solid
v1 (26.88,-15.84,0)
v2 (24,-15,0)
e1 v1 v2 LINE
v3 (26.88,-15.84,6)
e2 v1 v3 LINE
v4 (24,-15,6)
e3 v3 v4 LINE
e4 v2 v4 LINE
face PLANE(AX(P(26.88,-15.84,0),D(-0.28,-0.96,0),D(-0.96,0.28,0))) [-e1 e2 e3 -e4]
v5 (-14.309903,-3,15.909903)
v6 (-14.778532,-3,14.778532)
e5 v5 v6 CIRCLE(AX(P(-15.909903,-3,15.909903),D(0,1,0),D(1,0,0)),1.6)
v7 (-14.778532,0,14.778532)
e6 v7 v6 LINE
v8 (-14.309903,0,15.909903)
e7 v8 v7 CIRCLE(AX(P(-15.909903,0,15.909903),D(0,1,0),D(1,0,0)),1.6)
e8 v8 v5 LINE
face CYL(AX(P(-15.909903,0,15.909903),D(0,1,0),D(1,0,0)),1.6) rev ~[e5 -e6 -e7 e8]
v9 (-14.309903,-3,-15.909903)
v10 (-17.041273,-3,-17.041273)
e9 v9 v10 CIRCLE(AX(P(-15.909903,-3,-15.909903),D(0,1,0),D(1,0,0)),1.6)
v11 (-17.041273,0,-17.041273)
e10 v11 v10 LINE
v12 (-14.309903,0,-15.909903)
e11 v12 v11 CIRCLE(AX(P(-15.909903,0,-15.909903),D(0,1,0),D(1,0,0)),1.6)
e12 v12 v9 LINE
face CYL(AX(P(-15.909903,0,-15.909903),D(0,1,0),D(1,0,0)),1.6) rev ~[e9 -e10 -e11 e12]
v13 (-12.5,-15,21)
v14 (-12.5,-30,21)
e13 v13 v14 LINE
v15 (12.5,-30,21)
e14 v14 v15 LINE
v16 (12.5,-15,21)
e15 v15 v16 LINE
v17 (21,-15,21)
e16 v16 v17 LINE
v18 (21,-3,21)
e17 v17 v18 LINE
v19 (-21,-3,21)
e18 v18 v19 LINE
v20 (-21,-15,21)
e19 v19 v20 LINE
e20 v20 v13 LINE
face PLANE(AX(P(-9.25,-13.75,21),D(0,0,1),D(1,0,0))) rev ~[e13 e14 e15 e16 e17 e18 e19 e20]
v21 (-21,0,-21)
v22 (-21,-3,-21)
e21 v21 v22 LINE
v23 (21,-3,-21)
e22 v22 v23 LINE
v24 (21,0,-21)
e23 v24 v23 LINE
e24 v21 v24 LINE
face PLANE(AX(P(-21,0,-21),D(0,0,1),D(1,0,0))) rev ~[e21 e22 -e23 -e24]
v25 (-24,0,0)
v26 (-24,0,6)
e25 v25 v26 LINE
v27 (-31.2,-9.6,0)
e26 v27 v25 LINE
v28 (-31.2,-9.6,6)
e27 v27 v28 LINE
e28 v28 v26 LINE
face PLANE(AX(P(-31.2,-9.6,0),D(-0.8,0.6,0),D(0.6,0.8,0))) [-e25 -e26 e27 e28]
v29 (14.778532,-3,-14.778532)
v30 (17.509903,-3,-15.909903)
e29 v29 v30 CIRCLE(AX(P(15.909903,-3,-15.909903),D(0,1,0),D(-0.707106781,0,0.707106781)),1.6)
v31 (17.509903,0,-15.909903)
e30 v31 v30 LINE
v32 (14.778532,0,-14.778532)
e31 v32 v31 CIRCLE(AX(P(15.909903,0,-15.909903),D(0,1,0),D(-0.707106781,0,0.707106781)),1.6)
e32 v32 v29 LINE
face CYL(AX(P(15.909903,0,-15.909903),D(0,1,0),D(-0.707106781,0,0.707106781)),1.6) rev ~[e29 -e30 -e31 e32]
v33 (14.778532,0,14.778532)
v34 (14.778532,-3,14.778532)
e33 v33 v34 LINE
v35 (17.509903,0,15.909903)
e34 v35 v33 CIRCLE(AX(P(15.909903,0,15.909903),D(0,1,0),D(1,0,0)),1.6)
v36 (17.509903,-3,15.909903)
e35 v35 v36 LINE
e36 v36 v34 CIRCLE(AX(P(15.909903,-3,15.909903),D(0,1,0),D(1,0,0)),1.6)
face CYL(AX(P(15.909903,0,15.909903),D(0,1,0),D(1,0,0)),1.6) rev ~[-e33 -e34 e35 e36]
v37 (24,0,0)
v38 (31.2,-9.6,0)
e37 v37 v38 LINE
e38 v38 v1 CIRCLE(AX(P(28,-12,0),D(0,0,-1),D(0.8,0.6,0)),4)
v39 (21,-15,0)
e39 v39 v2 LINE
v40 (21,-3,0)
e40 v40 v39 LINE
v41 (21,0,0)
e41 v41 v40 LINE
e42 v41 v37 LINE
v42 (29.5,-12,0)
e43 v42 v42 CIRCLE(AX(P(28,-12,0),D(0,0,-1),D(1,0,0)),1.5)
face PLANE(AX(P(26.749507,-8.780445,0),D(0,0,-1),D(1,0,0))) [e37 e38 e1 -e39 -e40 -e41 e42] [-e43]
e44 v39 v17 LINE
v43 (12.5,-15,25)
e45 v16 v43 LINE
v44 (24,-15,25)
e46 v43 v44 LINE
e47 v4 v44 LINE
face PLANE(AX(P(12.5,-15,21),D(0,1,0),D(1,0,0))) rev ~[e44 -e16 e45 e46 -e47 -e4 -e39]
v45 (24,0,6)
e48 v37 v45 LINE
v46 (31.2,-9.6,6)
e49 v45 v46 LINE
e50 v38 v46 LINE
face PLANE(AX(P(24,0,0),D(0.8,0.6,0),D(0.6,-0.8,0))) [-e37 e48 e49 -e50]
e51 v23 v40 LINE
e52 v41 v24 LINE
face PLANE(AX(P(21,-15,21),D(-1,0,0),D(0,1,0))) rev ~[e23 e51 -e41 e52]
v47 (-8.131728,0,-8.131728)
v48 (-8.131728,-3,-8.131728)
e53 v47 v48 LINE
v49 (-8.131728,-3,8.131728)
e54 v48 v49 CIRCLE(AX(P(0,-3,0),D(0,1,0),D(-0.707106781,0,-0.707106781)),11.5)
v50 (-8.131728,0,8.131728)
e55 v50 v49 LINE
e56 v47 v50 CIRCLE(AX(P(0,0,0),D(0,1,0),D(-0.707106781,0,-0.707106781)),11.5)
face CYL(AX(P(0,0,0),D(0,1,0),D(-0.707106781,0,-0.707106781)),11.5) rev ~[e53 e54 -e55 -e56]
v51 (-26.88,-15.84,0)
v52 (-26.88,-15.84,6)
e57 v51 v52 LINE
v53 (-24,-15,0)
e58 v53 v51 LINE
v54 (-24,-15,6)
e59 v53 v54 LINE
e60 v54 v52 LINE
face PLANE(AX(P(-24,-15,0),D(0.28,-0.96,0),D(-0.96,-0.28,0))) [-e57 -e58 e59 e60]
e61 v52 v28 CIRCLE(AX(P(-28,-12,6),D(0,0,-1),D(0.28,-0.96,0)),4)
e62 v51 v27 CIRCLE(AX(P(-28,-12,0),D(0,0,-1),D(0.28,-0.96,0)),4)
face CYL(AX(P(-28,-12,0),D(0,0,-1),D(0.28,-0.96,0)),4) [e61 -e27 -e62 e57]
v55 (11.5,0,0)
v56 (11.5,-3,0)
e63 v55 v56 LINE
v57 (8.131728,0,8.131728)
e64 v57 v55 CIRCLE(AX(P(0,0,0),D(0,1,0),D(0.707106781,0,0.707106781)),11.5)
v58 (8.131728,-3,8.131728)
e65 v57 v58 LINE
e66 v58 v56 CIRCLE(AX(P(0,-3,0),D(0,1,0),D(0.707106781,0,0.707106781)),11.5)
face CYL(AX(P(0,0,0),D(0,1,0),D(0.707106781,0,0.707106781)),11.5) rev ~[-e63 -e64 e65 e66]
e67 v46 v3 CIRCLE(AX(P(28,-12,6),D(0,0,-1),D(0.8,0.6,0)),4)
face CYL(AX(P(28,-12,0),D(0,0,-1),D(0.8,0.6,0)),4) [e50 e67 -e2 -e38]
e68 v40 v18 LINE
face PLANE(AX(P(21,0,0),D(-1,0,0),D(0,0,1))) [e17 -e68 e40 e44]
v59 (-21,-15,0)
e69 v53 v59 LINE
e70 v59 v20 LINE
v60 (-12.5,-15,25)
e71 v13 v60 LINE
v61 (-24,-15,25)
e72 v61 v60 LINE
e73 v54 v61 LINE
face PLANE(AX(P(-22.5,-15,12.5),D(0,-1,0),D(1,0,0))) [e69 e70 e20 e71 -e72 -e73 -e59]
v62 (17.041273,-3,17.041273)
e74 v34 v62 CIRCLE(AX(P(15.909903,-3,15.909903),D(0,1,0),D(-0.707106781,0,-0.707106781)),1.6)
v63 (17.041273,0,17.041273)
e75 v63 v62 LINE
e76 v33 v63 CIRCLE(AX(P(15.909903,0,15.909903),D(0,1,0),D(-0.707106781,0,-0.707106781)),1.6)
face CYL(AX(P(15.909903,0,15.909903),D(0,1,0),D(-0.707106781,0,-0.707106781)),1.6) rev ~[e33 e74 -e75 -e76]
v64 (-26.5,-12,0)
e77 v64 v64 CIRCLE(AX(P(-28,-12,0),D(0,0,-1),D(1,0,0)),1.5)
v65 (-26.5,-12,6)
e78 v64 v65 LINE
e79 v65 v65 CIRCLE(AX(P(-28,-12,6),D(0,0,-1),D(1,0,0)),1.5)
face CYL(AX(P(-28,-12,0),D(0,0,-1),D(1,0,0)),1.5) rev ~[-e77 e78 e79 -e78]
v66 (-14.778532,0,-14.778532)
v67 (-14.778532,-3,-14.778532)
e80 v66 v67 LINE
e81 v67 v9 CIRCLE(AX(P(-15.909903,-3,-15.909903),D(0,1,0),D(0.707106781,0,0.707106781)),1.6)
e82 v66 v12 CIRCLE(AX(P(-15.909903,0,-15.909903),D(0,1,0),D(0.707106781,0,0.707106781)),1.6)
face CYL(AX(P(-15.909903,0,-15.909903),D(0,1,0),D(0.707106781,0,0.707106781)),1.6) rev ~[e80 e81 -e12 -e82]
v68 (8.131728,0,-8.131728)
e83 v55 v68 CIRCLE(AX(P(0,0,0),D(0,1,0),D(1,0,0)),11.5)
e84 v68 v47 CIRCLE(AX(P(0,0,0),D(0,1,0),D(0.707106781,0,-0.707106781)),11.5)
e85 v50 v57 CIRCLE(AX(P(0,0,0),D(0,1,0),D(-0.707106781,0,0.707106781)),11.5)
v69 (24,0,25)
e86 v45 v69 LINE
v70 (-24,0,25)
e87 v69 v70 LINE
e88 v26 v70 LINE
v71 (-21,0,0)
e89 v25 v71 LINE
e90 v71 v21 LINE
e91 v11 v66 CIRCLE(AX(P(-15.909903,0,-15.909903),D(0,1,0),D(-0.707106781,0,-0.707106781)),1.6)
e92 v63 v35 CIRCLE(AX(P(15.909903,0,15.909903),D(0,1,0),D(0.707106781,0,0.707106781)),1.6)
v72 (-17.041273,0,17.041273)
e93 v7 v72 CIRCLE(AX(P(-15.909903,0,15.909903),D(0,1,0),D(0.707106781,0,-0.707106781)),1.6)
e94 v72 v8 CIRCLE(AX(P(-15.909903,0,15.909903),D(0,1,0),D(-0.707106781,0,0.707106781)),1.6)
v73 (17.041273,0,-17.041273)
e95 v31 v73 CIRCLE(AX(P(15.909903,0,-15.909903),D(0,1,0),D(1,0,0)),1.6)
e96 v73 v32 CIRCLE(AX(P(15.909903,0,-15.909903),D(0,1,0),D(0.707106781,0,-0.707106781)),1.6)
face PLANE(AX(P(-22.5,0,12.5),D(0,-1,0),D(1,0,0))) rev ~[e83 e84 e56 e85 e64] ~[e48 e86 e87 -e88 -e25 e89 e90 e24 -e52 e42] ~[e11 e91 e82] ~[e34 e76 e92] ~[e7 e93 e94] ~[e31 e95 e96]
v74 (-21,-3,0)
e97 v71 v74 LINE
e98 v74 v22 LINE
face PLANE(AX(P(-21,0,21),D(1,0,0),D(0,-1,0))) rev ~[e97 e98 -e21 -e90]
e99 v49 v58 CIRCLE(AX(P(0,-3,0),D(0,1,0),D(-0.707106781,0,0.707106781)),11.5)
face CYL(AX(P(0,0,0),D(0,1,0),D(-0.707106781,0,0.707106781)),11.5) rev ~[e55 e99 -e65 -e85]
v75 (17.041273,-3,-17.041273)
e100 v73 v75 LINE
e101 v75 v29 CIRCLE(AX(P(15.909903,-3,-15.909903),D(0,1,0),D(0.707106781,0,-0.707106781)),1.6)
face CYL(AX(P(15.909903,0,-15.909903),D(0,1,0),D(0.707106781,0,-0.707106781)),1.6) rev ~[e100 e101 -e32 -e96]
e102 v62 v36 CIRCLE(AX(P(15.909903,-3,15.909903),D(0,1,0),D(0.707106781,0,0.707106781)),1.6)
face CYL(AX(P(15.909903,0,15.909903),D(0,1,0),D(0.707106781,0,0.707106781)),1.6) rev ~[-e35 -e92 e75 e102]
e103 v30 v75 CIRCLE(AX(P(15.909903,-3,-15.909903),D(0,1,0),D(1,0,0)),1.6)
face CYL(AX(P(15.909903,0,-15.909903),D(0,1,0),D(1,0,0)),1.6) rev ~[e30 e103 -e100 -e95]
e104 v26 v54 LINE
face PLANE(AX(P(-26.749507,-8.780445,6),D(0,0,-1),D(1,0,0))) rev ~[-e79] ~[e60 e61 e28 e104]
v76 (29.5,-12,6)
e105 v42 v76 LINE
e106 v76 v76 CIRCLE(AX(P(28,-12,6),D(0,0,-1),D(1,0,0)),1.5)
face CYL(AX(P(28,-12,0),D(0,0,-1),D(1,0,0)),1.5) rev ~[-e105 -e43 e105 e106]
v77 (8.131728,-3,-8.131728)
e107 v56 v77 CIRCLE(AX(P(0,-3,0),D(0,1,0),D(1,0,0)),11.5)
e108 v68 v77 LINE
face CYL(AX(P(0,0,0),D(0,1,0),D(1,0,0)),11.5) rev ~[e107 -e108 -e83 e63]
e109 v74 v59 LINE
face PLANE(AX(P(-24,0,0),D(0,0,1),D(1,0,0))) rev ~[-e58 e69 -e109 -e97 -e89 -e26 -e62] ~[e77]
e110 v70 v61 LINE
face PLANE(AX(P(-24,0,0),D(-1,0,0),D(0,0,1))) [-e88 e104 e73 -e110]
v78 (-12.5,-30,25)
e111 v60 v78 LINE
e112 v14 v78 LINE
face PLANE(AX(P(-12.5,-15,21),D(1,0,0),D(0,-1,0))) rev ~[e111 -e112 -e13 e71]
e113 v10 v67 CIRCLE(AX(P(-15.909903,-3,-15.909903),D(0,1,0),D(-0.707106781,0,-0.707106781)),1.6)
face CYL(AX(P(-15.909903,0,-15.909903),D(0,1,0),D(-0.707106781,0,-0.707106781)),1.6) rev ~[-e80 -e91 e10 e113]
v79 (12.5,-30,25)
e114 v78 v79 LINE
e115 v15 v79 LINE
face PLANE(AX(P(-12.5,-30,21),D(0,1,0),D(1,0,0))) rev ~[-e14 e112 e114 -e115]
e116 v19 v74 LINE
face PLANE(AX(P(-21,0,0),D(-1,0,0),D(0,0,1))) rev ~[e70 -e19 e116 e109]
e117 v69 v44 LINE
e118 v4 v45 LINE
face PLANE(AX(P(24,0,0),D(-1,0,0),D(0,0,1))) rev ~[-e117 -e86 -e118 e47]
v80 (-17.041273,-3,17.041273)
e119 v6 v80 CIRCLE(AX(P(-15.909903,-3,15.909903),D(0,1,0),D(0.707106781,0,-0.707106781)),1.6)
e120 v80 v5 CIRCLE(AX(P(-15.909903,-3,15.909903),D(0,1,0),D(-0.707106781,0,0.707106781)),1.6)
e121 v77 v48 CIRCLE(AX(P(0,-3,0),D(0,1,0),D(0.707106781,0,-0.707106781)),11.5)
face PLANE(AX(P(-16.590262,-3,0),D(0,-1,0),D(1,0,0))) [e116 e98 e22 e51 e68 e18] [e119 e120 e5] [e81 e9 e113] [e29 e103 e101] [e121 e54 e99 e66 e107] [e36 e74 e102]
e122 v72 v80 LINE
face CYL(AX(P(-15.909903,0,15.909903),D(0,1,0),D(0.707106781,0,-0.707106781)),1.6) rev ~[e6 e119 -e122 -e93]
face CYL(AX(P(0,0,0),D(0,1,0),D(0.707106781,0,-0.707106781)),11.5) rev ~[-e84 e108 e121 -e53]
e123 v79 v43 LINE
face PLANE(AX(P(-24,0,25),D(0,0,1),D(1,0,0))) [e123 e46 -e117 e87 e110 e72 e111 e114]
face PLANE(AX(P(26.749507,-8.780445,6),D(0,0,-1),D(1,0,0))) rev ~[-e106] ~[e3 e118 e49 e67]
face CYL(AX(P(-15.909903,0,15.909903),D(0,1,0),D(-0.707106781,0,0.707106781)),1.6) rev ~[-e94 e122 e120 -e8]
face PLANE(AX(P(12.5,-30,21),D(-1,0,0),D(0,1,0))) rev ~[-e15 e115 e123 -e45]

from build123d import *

# Parameters (mm, degrees)
F1_DEPTH = 3
F4_DEPTH = 4
F5_W     = 3
F5_H     = 25
F6_DEPTH = 15
F8_R     = 1.5
F9_DEPTH = 6


with BuildPart() as f1:
    # F0 (on Front) → F1 (new body)
    with BuildSketch(Plane.XZ):
        with BuildLine():
            Line((-17.0412734266, 17.0412734266), (-21, 21))
            Line((-21, 21), (-21, -21))
            Line((-21, -21), (-17.0412734266, -17.0412734266))
            ThreePointArc((-17.0412734266, -17.0412734266), (-17.0412734266, -14.7785317268), (-14.7785317268, -14.7785317268))
            Line((-14.7785317268, -14.7785317268), (-8.1317279836, -8.1317279836))
            ThreePointArc((-8.1317279836, -8.1317279836), (-11.5, 0), (-8.1317279836, 8.1317279836))
            Line((-8.1317279836, 8.1317279836), (-14.7785317268, 14.7785317268))
            ThreePointArc((-14.7785317268, 14.7785317268), (-17.0412734266, 14.7785317268), (-17.0412734266, 17.0412734266))
        make_face()
        with BuildLine():
            Line((21, 21), (-21, 21))
            Line((-21, 21), (-17.0412734266, 17.0412734266))
            ThreePointArc((-17.0412734266, 17.0412734266), (-15.2976090849, 17.3881098287), (-14.3099025767, 15.9099025767))
            ThreePointArc((-14.3099025767, 15.9099025767), (-14.4316953247, 15.2976090849), (-14.7785317268, 14.7785317268))
            Line((-14.7785317268, 14.7785317268), (-8.1317279836, 8.1317279836))
            ThreePointArc((-8.1317279836, 8.1317279836), (0, 11.5), (8.1317279836, 8.1317279836))
            Line((8.1317279836, 8.1317279836), (14.7785317268, 14.7785317268))
            ThreePointArc((14.7785317268, 14.7785317268), (14.7785317268, 17.0412734266), (17.0412734266, 17.0412734266))
            Line((17.0412734266, 17.0412734266), (21, 21))
        make_face()
        with BuildLine():
            Line((21, -21), (21, 21))
            Line((21, 21), (17.0412734266, 17.0412734266))
            ThreePointArc((17.0412734266, 17.0412734266), (17.3881098287, 16.5221960685), (17.5099025767, 15.9099025767))
            ThreePointArc((17.5099025767, 15.9099025767), (16.5221960685, 14.4316953247), (14.7785317268, 14.7785317268))
            Line((14.7785317268, 14.7785317268), (8.1317279836, 8.1317279836))
            ThreePointArc((8.1317279836, 8.1317279836), (10.6246146239, 4.4008594722), (11.5, 0))
            ThreePointArc((11.5, 0), (10.6246146239, -4.4008594722), (8.1317279836, -8.1317279836))
            Line((8.1317279836, -8.1317279836), (14.7785317268, -14.7785317268))
            ThreePointArc((14.7785317268, -14.7785317268), (16.5221960685, -14.4316953247), (17.5099025767, -15.9099025767))
            ThreePointArc((17.5099025767, -15.9099025767), (17.3881098287, -16.5221960685), (17.0412734266, -17.0412734266))
            Line((17.0412734266, -17.0412734266), (21, -21))
        make_face()
        with BuildLine():
            Line((-17.0412734266, -17.0412734266), (-21, -21))
            Line((-21, -21), (21, -21))
            Line((21, -21), (17.0412734266, -17.0412734266))
            ThreePointArc((17.0412734266, -17.0412734266), (14.7785317268, -17.0412734266), (14.7785317268, -14.7785317268))
            Line((14.7785317268, -14.7785317268), (8.1317279836, -8.1317279836))
            ThreePointArc((8.1317279836, -8.1317279836), (0, -11.5), (-8.1317279836, -8.1317279836))
            Line((-8.1317279836, -8.1317279836), (-14.7785317268, -14.7785317268))
            ThreePointArc((-14.7785317268, -14.7785317268), (-14.4316953247, -15.2976090849), (-14.3099025767, -15.9099025767))
            ThreePointArc((-14.3099025767, -15.9099025767), (-15.2976090849, -17.3881098287), (-17.0412734266, -17.0412734266))
        make_face()
    extrude(amount=F1_DEPTH)

    # F3 (on offset) → F4 (join)
    with BuildSketch(Plane.XY.offset(21)):
        Polygon((0, 0), (-21, 0), (-21, -15), (-12.5, -15), (-12.5, -30), (0, -30), align=None)
        Polygon((21, 0), (0, 0), (0, -30), (12.5, -30), (12.5, -15), (21, -15), align=None)
    extrude(amount=F4_DEPTH)

    # F5 (on Front) → F6 (join)
    with BuildSketch(Plane.XZ):
        with Locations((-22.5, 12.5)):
            Rectangle(F5_W, F5_H)
        with Locations((22.5, 12.5)):
            Rectangle(F5_W, F5_H)
    extrude(amount=F6_DEPTH)

    # F8 (on offset) → F9 (join)
    with BuildSketch(Plane(origin=(0, 0, 0), x_dir=(1, 0, 0), z_dir=(0, 0, -1))):
        with BuildLine():
            Line((24, 0), (31.2, 9.6))
            ThreePointArc((31.2, 9.6), (31.2887687666, 14.2768399153), (26.88, 15.84))
            Line((26.88, 15.84), (24, 15))
            Line((24, 15), (24, 0))
        make_face()
        with Locations((28, 12)):
            Circle(F8_R, mode=Mode.SUBTRACT)
        with BuildLine():
            Line((-24, 0), (-24, 15))
            Line((-24, 15), (-26.88, 15.84))
            ThreePointArc((-26.88, 15.84), (-31.2887687666, 14.2768399153), (-31.2, 9.6))
            Line((-31.2, 9.6), (-24, 0))
        make_face()
        with Locations((-28, 12)):
            Circle(F8_R, mode=Mode.SUBTRACT)
    extrude(amount=-F9_DEPTH)


solid = f1.part
